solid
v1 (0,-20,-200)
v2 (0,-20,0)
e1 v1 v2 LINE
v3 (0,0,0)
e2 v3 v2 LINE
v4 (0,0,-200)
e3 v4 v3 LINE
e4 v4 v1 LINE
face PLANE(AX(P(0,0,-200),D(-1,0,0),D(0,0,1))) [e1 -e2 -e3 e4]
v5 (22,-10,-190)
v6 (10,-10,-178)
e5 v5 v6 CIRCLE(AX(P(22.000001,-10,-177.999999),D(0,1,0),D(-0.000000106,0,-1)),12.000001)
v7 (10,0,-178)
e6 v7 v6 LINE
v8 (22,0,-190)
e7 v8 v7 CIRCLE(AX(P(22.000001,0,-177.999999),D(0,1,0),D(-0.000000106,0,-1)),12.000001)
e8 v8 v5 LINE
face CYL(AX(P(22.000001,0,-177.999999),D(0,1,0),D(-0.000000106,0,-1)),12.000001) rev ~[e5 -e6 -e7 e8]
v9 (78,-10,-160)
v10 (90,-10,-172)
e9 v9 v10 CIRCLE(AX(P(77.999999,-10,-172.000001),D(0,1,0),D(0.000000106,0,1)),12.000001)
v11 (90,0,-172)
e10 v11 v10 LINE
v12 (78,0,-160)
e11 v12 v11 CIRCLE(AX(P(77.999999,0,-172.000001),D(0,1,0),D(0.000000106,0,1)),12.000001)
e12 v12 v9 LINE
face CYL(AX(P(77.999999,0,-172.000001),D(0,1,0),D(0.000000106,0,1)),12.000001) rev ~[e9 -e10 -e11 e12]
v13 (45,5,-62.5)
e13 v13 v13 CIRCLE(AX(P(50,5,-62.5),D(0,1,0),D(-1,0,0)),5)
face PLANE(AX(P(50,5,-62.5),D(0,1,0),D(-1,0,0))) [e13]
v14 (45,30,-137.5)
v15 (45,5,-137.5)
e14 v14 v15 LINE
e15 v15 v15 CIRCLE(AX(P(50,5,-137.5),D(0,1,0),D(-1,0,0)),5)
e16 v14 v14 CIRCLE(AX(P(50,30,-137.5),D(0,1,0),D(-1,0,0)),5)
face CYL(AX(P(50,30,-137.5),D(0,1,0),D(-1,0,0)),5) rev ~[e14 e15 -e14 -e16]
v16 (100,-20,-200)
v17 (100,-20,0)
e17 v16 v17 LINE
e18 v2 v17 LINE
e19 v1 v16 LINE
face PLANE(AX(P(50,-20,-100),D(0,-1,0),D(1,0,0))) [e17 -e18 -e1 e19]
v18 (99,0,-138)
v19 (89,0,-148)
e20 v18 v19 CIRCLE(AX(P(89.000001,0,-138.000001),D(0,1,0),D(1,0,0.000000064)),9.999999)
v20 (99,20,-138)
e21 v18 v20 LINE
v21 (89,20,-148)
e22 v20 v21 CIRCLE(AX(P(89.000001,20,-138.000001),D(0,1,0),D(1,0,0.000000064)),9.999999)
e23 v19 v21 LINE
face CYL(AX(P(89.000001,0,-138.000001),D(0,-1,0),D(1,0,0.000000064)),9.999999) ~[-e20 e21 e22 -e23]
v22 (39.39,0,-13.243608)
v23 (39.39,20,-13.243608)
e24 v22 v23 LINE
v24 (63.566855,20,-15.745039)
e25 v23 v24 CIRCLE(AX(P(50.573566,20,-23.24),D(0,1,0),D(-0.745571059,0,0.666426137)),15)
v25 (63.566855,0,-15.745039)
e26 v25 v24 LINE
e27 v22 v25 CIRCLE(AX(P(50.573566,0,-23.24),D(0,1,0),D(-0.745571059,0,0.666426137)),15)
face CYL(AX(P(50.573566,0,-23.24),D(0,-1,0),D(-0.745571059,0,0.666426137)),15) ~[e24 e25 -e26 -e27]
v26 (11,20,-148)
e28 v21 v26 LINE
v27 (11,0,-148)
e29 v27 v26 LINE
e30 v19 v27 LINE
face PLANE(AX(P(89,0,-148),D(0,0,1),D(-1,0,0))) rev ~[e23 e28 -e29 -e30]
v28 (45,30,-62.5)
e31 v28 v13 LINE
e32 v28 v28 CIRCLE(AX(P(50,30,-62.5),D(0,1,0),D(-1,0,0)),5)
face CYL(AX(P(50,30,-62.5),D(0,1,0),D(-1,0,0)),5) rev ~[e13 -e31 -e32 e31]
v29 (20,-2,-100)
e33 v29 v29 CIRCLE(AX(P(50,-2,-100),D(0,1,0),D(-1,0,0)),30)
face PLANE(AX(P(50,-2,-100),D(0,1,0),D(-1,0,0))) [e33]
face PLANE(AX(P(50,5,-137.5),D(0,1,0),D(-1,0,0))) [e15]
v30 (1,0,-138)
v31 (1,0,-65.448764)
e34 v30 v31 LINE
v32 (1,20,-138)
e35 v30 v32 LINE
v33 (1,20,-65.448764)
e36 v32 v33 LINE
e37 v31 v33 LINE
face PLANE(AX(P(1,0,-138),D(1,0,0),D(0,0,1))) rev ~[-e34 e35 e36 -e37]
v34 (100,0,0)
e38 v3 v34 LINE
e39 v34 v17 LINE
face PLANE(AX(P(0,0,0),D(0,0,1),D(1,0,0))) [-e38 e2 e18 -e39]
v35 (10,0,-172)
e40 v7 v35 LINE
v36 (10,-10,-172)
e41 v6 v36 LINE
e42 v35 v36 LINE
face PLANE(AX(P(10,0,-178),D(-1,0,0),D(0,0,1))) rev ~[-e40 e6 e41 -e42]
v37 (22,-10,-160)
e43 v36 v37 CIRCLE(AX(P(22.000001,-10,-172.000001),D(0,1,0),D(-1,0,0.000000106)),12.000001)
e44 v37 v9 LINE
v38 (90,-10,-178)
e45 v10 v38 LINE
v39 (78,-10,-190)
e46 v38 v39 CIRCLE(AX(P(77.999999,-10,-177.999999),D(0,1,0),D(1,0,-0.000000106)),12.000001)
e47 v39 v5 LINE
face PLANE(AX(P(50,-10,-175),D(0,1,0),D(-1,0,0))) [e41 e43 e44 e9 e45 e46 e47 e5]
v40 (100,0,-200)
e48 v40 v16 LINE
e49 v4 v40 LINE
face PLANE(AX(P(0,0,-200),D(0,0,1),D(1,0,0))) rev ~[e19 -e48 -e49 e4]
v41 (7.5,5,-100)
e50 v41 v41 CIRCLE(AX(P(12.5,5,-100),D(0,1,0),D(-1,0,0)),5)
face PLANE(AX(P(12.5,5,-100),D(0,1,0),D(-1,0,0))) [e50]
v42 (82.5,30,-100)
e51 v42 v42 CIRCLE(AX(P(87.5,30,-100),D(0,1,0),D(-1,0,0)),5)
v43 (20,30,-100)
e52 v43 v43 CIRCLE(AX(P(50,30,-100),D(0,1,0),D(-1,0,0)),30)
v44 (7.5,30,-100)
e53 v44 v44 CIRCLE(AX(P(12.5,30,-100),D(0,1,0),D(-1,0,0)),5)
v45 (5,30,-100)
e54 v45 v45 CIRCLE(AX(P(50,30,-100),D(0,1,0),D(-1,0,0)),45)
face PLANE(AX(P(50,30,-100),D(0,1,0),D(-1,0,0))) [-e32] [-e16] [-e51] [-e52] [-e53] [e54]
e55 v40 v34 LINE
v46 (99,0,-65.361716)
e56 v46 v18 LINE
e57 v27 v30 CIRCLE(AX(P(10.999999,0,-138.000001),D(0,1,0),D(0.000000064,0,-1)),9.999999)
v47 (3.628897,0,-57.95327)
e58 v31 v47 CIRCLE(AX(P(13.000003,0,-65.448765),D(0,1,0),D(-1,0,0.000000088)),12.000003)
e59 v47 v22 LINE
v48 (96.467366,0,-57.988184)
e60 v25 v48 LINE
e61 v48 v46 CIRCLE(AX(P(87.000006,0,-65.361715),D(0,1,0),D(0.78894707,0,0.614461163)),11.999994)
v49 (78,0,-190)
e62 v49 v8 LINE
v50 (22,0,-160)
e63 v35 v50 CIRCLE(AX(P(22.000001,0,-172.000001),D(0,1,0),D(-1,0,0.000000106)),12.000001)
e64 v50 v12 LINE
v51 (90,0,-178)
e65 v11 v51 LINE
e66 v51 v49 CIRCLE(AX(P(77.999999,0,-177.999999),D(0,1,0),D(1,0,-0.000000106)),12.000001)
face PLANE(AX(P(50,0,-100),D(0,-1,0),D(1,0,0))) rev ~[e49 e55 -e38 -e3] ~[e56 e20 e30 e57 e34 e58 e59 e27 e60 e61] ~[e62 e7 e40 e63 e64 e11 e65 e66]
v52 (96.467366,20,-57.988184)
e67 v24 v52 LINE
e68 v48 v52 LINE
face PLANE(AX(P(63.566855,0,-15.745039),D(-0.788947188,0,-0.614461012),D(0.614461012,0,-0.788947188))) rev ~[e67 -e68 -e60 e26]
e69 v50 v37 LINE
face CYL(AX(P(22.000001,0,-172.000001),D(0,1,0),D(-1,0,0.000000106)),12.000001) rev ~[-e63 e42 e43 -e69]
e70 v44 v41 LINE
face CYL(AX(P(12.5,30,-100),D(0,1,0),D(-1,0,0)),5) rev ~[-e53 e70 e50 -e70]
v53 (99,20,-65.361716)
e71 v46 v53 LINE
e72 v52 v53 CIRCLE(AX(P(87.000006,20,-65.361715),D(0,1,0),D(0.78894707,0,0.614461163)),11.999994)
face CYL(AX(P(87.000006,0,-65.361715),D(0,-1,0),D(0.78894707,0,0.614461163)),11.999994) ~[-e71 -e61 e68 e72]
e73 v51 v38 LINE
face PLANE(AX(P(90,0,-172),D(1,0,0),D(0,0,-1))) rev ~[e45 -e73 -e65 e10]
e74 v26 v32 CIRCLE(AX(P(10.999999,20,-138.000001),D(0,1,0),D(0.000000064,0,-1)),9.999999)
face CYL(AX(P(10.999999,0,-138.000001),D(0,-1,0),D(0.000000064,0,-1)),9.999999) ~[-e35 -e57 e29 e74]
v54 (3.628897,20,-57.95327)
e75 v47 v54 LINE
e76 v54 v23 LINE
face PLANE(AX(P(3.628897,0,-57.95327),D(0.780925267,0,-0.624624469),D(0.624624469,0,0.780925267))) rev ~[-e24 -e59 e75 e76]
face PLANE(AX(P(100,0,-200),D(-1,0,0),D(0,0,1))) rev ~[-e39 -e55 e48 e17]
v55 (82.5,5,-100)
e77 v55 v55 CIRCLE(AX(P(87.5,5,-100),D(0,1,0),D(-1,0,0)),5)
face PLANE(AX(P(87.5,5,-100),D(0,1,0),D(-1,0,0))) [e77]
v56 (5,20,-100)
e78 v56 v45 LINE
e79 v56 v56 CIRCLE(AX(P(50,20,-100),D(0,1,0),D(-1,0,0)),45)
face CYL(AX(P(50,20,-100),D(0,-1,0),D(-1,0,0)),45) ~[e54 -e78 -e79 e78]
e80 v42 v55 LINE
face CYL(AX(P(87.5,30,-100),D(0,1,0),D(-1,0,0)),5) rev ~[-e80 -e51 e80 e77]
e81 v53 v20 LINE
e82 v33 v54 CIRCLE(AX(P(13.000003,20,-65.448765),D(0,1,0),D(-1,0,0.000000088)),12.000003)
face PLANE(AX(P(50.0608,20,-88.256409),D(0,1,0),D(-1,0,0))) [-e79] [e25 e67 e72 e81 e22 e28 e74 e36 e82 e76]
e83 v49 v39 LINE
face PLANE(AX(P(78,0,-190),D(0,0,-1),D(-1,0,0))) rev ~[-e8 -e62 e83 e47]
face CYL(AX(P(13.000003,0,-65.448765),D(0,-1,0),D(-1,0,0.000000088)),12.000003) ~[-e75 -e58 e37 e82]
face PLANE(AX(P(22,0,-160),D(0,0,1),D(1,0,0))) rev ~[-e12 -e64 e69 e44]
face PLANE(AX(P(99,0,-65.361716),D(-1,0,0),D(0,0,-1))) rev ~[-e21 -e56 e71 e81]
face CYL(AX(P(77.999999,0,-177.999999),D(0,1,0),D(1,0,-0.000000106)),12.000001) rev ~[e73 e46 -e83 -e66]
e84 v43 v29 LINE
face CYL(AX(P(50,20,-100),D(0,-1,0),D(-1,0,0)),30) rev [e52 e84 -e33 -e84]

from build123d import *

# Parameters (mm, degrees)
F0_W      = 100
F0_H      = 200
F1_DEPTH  = 20
F3_DEPTH  = 10
F5_DEPTH  = 20
F6_R      = 45
F6_R_2    = 30
F7_DEPTH  = 10
F8_R      = 30
F9_DEPTH  = 22
F10_R     = 5
F11_DEPTH = 25


with BuildPart() as f1:
    # F0 (on Front) → F1 (new body)
    with BuildSketch(Plane.XZ):
        with Locations((50, -100)):
            Rectangle(F0_W, F0_H)
    extrude(amount=F1_DEPTH)

    # F2 (on face) → F3 (cut)
    with BuildSketch(Plane(origin=(0, 0, 0), x_dir=(-1, 0, 0), z_dir=(0, 1, 0))):
        with BuildLine():
            ThreePointArc((-90, -178), (-86.485281, -186.485281), (-78, -190))
            Line((-78, -190), (-22, -190))
            ThreePointArc((-22, -190), (-13.514719, -186.485281), (-10, -178))
            Line((-10, -178), (-10, -172))
            ThreePointArc((-10, -172), (-13.514719, -163.514719), (-22, -160))
            Line((-22, -160), (-78, -160))
            ThreePointArc((-78, -160), (-86.485281, -163.514719), (-90, -172))
            Line((-90, -172), (-90, -178))
        make_face()
    extrude(amount=-F3_DEPTH, mode=Mode.SUBTRACT)

    # F4 (on face) → F5 (join)
    with BuildSketch(Plane(origin=(0, 0, 0), x_dir=(-1, 0, 0), z_dir=(0, 1, 0))):
        with BuildLine():
            Line((-89, -148), (-11, -148))
            ThreePointArc((-11, -148), (-3.928932, -145.071068), (-1, -138))
            Line((-1, -138), (-1, -65.448764))
            ThreePointArc((-1, -65.448764), (-1.676281, -61.477192), (-3.628897, -57.95327))
            Line((-3.628897, -57.95327), (-39.39, -13.243608))
            ThreePointArc((-39.39, -13.243608), (-52.117284, -8.319647), (-63.566855, -15.745039))
            Line((-63.566855, -15.745039), (-96.467366, -57.988184))
            ThreePointArc((-96.467366, -57.988184), (-98.349194, -61.463537), (-99, -65.361716))
            Line((-99, -65.361716), (-99, -138))
            ThreePointArc((-99, -138), (-96.071068, -145.071068), (-89, -148))
        make_face()
    extrude(amount=F5_DEPTH)

    # F6 (on face) → F7 (join)
    with BuildSketch(Plane(origin=(0, 20, 0), x_dir=(-1, 0, 0), z_dir=(0, 1, 0))):
        with Locations((-50, -100)):
            Circle(F6_R)
        with Locations((-50, -100)):
            Circle(F6_R_2, mode=Mode.SUBTRACT)
    extrude(amount=F7_DEPTH)

    # F8 (on face) → F9 (cut)
    with BuildSketch(Plane(origin=(0, 20, 0), x_dir=(-1, 0, 0), z_dir=(0, 1, 0))):
        with Locations((-50, -100)):
            Circle(F8_R)
    extrude(amount=-F9_DEPTH, mode=Mode.SUBTRACT)

    # F10 (on face) → F11 (cut)
    with BuildSketch(Plane(origin=(0, 30, 0), x_dir=(-1, 0, 0), z_dir=(0, 1, 0))):
        with Locations((-87.5, -100)):
            Circle(F10_R)
        with Locations((-12.5, -100)):
            Circle(F10_R)
        with Locations((-50, -137.5)):
            Circle(F10_R)
        with Locations((-50, -62.5)):
            Circle(F10_R)
    extrude(amount=-F11_DEPTH, mode=Mode.SUBTRACT)


solid = f1.part
